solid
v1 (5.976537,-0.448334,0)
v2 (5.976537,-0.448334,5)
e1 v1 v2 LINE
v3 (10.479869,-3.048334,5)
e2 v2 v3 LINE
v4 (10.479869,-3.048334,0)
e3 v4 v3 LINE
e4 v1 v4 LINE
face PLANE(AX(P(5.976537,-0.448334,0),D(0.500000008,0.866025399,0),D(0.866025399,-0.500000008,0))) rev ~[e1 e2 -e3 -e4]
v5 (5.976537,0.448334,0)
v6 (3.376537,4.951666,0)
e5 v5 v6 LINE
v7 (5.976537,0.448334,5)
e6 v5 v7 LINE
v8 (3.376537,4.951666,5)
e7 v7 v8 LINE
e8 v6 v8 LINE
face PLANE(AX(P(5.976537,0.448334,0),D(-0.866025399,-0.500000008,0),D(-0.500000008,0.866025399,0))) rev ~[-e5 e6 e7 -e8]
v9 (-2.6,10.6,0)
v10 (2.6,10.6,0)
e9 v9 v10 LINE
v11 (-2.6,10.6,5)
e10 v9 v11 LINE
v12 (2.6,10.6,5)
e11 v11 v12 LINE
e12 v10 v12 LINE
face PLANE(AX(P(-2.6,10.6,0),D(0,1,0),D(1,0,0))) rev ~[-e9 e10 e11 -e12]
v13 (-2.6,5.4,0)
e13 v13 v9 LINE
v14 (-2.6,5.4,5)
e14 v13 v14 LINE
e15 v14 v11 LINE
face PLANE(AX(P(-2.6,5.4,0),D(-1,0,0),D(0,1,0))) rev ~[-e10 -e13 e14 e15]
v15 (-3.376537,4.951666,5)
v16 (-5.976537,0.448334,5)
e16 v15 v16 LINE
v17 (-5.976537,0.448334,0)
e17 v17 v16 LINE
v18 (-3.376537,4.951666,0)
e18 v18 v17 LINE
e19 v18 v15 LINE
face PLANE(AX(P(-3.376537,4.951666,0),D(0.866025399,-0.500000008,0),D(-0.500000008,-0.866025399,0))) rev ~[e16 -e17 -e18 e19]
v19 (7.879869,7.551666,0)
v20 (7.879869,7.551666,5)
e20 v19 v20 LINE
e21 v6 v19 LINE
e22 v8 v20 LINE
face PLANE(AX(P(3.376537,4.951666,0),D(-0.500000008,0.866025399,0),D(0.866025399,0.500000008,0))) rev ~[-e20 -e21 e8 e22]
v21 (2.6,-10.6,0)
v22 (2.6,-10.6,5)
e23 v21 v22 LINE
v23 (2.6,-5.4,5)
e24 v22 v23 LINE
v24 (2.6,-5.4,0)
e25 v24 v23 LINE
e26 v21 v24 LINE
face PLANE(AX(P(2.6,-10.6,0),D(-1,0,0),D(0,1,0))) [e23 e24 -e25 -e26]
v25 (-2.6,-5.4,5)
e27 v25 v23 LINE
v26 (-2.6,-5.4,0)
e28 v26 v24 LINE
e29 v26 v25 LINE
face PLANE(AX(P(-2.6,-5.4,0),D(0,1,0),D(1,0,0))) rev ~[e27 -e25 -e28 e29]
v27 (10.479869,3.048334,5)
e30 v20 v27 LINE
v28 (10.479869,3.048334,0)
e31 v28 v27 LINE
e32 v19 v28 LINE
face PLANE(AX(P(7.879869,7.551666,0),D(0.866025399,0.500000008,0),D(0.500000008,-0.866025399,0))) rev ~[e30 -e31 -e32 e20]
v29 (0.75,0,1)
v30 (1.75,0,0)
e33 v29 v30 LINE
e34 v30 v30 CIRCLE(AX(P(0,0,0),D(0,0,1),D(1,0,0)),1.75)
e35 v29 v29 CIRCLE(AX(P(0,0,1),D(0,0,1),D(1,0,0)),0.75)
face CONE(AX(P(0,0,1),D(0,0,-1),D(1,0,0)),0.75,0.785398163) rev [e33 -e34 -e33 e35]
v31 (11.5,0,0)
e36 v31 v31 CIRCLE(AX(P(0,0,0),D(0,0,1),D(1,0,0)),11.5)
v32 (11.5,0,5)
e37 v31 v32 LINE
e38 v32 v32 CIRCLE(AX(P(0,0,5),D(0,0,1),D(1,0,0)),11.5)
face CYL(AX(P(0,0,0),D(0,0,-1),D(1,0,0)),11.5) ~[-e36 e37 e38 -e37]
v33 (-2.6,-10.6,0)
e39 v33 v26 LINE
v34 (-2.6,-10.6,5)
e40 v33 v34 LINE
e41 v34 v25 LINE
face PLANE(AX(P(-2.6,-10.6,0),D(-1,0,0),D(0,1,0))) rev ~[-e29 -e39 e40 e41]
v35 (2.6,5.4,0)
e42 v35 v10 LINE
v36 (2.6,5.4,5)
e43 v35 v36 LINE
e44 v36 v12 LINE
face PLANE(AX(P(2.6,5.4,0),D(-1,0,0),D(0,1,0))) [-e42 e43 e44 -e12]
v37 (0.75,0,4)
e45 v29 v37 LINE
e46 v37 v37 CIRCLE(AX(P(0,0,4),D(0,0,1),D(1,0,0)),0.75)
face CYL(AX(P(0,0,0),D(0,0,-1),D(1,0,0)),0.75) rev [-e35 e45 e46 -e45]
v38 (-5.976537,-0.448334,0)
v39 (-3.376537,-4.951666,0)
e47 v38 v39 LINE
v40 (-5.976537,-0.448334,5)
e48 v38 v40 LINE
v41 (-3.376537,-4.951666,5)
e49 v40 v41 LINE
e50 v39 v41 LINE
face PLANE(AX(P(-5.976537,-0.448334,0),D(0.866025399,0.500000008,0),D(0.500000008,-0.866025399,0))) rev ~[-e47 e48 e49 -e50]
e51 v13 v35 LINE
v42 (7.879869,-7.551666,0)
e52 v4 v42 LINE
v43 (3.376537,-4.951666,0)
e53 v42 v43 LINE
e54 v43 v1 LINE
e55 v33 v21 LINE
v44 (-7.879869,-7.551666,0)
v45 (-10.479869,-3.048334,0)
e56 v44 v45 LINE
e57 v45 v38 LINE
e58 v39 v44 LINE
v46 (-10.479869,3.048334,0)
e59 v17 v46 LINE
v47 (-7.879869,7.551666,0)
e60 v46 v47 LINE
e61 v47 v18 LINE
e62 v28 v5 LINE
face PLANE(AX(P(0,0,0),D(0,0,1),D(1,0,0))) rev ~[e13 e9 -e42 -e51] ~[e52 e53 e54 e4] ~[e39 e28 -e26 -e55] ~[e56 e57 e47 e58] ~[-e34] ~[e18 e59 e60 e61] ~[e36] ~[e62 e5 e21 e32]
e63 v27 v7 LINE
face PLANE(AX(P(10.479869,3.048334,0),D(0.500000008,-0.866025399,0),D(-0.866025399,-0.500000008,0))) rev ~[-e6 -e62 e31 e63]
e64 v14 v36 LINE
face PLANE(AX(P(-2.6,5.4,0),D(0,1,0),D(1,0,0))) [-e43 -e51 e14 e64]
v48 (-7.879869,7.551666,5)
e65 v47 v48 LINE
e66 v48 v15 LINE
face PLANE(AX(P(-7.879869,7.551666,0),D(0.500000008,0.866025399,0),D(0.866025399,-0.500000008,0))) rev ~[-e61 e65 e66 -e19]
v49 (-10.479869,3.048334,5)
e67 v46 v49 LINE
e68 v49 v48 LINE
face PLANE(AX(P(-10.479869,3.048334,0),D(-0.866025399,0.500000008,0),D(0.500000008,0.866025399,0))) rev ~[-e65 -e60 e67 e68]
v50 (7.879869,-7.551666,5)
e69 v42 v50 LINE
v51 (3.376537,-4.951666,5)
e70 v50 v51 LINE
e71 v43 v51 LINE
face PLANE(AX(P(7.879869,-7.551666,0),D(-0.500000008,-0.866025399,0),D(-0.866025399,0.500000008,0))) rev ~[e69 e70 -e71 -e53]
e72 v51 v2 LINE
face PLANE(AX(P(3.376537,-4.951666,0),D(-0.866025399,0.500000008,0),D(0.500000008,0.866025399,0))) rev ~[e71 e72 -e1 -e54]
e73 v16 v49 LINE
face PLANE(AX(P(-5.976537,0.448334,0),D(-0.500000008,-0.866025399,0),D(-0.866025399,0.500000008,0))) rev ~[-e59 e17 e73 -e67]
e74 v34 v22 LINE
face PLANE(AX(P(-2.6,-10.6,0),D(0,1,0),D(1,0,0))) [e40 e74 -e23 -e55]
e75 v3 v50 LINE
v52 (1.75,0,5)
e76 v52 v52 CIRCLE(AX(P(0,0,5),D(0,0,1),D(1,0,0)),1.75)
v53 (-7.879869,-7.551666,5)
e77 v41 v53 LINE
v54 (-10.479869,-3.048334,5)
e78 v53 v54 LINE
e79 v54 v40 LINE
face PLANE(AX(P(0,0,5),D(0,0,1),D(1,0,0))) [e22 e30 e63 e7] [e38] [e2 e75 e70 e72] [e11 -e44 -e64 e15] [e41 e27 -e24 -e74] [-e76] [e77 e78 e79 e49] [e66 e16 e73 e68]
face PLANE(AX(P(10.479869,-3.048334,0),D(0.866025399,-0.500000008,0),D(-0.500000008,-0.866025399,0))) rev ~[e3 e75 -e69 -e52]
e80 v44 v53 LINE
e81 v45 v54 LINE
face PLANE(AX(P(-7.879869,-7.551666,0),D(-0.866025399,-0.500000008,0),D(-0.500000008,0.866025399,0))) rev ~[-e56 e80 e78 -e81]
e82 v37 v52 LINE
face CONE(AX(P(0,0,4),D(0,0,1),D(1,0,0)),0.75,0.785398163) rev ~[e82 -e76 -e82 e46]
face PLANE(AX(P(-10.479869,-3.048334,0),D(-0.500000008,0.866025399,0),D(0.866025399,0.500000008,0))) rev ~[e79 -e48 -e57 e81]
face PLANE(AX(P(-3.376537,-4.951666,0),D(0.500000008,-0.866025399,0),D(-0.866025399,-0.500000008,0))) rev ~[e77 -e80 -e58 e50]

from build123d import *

# Parameters (mm, degrees)
F0_R     = 11.5
F0_W     = 5.2
F0_H     = 5.2
F0_R_2   = 0.75
F1_DEPTH = 5
F2_SIZE  = 1


with BuildPart() as f1:
    # F0 (on Top) → F1 (new body)
    with BuildSketch(Plane.XY):
        Circle(F0_R)
        Polygon((-7.879869, -7.551666), (-10.479869, -3.048334), (-5.976537, -0.448334), (-3.376537, -4.951666), align=None, mode=Mode.SUBTRACT)
        with Locations((0, -8)):
            Rectangle(F0_W, F0_H, mode=Mode.SUBTRACT)
        Polygon((10.479869, -3.048334), (7.879869, -7.551666), (3.376537, -4.951666), (5.976537, -0.448334), align=None, mode=Mode.SUBTRACT)
        Polygon((-10.479869, 3.048334), (-7.879869, 7.551666), (-3.376537, 4.951666), (-5.976537, 0.448334), align=None, mode=Mode.SUBTRACT)
        Circle(F0_R_2, mode=Mode.SUBTRACT)
        Polygon((7.879869, 7.551666), (10.479869, 3.048334), (5.976537, 0.448334), (3.376537, 4.951666), align=None, mode=Mode.SUBTRACT)
        with Locations((0, 8)):
            Rectangle(F0_W, F0_H, mode=Mode.SUBTRACT)
    extrude(amount=F1_DEPTH)

    # F2
    f2_edges = [f1.edges().sort_by_distance(p)[0] for p in [
        (-0.75, 0, 5),
        (-0.75, 0, 0),
    ]]
    chamfer(f2_edges, length=F2_SIZE)


solid = f1.part
